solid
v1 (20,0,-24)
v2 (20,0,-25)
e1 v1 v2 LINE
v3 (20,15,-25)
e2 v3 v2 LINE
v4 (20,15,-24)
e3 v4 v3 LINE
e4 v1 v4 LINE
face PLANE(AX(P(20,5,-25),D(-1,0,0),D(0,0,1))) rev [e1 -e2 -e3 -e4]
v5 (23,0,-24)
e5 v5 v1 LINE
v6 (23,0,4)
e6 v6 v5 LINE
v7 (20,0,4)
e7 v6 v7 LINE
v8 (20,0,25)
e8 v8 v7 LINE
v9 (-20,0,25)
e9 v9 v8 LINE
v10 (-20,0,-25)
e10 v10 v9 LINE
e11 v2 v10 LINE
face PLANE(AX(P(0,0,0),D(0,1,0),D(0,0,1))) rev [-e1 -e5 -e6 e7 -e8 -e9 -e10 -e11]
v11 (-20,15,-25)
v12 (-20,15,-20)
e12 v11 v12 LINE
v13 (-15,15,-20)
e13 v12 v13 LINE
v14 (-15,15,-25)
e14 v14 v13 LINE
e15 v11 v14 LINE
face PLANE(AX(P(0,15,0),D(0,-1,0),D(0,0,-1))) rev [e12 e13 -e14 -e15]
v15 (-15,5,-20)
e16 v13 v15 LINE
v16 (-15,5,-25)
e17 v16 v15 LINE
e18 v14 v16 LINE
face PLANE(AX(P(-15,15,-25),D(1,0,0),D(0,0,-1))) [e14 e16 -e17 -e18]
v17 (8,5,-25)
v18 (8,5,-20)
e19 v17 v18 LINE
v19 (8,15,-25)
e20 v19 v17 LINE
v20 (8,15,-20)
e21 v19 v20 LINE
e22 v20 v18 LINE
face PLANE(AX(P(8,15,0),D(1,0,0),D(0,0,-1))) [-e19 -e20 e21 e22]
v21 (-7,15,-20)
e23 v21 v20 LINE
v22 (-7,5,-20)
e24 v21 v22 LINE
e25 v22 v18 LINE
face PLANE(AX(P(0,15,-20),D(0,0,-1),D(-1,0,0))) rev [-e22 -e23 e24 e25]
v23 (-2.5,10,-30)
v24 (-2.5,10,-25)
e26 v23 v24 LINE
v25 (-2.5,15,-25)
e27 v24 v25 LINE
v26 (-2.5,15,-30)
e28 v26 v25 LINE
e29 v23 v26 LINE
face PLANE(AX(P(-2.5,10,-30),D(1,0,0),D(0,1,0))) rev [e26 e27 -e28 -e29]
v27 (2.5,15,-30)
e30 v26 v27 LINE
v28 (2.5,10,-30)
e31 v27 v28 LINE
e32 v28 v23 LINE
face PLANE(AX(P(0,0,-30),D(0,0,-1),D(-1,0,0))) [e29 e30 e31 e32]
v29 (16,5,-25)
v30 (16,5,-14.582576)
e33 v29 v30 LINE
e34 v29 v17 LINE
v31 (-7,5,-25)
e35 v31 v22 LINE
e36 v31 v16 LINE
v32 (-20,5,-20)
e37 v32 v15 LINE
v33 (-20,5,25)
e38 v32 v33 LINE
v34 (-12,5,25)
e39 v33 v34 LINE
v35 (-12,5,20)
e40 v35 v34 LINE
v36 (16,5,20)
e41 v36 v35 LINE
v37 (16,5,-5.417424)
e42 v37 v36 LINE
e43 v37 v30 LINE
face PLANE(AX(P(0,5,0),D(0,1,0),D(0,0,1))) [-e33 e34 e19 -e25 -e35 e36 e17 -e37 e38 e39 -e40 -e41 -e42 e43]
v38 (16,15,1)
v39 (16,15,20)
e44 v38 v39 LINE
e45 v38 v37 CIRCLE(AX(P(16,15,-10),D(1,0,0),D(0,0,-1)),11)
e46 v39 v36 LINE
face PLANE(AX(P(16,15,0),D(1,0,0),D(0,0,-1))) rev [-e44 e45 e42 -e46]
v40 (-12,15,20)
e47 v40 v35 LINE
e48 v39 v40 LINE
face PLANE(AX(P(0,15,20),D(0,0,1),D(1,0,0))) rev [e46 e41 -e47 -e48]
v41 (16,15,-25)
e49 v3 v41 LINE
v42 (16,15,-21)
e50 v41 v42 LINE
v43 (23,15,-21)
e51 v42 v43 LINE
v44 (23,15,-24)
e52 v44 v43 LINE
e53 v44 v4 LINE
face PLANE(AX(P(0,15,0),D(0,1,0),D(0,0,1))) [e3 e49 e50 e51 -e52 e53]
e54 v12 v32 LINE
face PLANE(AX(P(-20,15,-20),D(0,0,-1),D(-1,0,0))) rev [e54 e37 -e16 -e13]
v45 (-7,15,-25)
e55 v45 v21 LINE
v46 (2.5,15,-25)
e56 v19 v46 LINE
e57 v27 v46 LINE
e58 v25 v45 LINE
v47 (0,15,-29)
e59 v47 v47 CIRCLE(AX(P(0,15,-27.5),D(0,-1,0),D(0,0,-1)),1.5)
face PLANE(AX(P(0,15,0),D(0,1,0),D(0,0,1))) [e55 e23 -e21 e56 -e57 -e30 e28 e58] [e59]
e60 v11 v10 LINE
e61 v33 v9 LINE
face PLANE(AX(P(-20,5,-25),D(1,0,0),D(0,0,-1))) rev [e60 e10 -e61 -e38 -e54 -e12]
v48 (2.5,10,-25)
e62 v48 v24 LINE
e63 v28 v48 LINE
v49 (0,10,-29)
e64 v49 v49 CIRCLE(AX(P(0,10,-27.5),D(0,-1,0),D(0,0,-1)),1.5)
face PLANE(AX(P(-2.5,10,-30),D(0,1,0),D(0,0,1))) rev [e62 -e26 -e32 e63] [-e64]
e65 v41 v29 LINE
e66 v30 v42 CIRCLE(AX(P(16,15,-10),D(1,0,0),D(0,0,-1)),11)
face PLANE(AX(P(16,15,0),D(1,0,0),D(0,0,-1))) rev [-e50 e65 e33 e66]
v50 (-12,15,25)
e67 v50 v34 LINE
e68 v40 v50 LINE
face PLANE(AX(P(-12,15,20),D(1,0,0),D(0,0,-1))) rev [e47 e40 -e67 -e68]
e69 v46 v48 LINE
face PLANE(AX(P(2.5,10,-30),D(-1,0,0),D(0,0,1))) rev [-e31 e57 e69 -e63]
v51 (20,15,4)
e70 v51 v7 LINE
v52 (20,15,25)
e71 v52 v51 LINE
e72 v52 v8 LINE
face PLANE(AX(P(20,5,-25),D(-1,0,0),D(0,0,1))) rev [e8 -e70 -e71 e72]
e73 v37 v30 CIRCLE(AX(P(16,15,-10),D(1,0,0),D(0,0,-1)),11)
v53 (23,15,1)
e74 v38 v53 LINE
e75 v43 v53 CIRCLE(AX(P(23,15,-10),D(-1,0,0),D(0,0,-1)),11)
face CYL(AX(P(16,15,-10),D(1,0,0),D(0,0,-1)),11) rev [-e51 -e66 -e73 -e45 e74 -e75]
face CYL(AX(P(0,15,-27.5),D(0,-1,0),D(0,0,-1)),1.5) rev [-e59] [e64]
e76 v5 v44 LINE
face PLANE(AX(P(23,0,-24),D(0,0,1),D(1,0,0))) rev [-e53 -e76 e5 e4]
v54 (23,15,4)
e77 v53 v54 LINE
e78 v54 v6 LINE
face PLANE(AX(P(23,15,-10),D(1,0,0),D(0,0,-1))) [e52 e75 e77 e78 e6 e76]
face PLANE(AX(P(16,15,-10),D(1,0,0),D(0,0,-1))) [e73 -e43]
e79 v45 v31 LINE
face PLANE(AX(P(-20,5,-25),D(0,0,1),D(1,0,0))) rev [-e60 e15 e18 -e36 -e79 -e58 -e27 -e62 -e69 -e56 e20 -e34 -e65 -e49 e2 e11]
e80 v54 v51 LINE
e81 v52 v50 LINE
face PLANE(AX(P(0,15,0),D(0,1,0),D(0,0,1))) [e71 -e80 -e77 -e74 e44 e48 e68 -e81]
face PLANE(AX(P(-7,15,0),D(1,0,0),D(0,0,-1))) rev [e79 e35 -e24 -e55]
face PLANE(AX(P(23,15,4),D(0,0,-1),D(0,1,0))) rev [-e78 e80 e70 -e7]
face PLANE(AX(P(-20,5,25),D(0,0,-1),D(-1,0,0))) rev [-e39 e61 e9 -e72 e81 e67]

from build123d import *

# Parameters (mm, degrees)
SKETCH1_W           = 40
SKETCH1_H           = 50
BOSS_EXTRUDE1_DEPTH = 5
SKETCH4_W           = 15
SKETCH4_H           = 5
SKETCH4_W_2         = 5
BOSS_EXTRUDE5_DEPTH = 10
CUT_EXTRUDE2_DEPTH  = 4
BOSS_EXTRUDE7_START = 3
BOSS_EXTRUDE7_DEPTH = 3
SKETCH9_W           = 5
SKETCH9_H           = 5
BOSS_EXTRUDE8_DEPTH = 5
SKETCH10_R          = 1.5
CUT_EXTRUDE3_DEPTH  = 5


with BuildPart() as part:
    # Sketch1 → Boss-Extrude1 (new body)
    with BuildSketch(Plane(origin=(0, 0, 0), x_dir=(1, 0, 0), z_dir=(0, 1, 0))):
        Rectangle(SKETCH1_W, SKETCH1_H)
    extrude(amount=BOSS_EXTRUDE1_DEPTH)

    # Sketch4 → Boss-Extrude5 (add)
    with BuildSketch(Plane(origin=(0, 5, 0), x_dir=(1, 0, 0), z_dir=(0, 1, 0))):
        Polygon((20, -25), (20, 25), (16, 25), (16, -20), (-7, -20), (-7, -25), align=None)
        with Locations((0.5, 22.5)):
            Rectangle(SKETCH4_W, SKETCH4_H)
        with Locations((-17.5, 22.5)):
            Rectangle(SKETCH4_W_2, SKETCH4_H)
        with Locations((-9.5, -22.5)):
            Rectangle(SKETCH4_W_2, SKETCH4_H)
    extrude(amount=BOSS_EXTRUDE5_DEPTH)

    # Sketch7 → Cut-Extrude2 (cut)
    with BuildSketch(Plane(origin=(20, 0, 0), x_dir=(0, 0, -1), z_dir=(1, 0, 0))):
        with BuildLine():
            Line((-1, 15), (21, 15))
            ThreePointArc((21, 15), (10, 4), (-1, 15))
        make_face()
    extrude(amount=-CUT_EXTRUDE2_DEPTH, mode=Mode.SUBTRACT)

    # Sketch8 → Boss-Extrude7 (add)
    with BuildSketch(Plane(origin=(20, 0, 0), x_dir=(0, 0, -1), z_dir=(1, 0, 0)).offset(BOSS_EXTRUDE7_START)):
        with BuildLine():
            Line((-1, 15), (-4, 15))
            Line((-4, 15), (-4, 0))
            Line((-4, 0), (24, 0))
            Line((24, 0), (24, 15))
            Line((24, 15), (21, 15))
            ThreePointArc((21, 15), (10, 4), (-1, 15))
        make_face()
    extrude(amount=-BOSS_EXTRUDE7_DEPTH)

    # Sketch9 → Boss-Extrude8 (add)
    with BuildSketch(Plane(origin=(0, 0, -25), x_dir=(-1, 0, 0), z_dir=(0, 0, -1))):
        with Locations((0, 12.5)):
            Rectangle(SKETCH9_W, SKETCH9_H)
    extrude(amount=BOSS_EXTRUDE8_DEPTH)

    # Sketch10 → Cut-Extrude3 (cut)
    with BuildSketch(Plane.XZ.offset(-10)):
        with Locations(Location((0, -27.5, 0), (0, 0, 270))):
            Circle(SKETCH10_R)
    extrude(amount=-CUT_EXTRUDE3_DEPTH, mode=Mode.SUBTRACT)


solid = part.part
